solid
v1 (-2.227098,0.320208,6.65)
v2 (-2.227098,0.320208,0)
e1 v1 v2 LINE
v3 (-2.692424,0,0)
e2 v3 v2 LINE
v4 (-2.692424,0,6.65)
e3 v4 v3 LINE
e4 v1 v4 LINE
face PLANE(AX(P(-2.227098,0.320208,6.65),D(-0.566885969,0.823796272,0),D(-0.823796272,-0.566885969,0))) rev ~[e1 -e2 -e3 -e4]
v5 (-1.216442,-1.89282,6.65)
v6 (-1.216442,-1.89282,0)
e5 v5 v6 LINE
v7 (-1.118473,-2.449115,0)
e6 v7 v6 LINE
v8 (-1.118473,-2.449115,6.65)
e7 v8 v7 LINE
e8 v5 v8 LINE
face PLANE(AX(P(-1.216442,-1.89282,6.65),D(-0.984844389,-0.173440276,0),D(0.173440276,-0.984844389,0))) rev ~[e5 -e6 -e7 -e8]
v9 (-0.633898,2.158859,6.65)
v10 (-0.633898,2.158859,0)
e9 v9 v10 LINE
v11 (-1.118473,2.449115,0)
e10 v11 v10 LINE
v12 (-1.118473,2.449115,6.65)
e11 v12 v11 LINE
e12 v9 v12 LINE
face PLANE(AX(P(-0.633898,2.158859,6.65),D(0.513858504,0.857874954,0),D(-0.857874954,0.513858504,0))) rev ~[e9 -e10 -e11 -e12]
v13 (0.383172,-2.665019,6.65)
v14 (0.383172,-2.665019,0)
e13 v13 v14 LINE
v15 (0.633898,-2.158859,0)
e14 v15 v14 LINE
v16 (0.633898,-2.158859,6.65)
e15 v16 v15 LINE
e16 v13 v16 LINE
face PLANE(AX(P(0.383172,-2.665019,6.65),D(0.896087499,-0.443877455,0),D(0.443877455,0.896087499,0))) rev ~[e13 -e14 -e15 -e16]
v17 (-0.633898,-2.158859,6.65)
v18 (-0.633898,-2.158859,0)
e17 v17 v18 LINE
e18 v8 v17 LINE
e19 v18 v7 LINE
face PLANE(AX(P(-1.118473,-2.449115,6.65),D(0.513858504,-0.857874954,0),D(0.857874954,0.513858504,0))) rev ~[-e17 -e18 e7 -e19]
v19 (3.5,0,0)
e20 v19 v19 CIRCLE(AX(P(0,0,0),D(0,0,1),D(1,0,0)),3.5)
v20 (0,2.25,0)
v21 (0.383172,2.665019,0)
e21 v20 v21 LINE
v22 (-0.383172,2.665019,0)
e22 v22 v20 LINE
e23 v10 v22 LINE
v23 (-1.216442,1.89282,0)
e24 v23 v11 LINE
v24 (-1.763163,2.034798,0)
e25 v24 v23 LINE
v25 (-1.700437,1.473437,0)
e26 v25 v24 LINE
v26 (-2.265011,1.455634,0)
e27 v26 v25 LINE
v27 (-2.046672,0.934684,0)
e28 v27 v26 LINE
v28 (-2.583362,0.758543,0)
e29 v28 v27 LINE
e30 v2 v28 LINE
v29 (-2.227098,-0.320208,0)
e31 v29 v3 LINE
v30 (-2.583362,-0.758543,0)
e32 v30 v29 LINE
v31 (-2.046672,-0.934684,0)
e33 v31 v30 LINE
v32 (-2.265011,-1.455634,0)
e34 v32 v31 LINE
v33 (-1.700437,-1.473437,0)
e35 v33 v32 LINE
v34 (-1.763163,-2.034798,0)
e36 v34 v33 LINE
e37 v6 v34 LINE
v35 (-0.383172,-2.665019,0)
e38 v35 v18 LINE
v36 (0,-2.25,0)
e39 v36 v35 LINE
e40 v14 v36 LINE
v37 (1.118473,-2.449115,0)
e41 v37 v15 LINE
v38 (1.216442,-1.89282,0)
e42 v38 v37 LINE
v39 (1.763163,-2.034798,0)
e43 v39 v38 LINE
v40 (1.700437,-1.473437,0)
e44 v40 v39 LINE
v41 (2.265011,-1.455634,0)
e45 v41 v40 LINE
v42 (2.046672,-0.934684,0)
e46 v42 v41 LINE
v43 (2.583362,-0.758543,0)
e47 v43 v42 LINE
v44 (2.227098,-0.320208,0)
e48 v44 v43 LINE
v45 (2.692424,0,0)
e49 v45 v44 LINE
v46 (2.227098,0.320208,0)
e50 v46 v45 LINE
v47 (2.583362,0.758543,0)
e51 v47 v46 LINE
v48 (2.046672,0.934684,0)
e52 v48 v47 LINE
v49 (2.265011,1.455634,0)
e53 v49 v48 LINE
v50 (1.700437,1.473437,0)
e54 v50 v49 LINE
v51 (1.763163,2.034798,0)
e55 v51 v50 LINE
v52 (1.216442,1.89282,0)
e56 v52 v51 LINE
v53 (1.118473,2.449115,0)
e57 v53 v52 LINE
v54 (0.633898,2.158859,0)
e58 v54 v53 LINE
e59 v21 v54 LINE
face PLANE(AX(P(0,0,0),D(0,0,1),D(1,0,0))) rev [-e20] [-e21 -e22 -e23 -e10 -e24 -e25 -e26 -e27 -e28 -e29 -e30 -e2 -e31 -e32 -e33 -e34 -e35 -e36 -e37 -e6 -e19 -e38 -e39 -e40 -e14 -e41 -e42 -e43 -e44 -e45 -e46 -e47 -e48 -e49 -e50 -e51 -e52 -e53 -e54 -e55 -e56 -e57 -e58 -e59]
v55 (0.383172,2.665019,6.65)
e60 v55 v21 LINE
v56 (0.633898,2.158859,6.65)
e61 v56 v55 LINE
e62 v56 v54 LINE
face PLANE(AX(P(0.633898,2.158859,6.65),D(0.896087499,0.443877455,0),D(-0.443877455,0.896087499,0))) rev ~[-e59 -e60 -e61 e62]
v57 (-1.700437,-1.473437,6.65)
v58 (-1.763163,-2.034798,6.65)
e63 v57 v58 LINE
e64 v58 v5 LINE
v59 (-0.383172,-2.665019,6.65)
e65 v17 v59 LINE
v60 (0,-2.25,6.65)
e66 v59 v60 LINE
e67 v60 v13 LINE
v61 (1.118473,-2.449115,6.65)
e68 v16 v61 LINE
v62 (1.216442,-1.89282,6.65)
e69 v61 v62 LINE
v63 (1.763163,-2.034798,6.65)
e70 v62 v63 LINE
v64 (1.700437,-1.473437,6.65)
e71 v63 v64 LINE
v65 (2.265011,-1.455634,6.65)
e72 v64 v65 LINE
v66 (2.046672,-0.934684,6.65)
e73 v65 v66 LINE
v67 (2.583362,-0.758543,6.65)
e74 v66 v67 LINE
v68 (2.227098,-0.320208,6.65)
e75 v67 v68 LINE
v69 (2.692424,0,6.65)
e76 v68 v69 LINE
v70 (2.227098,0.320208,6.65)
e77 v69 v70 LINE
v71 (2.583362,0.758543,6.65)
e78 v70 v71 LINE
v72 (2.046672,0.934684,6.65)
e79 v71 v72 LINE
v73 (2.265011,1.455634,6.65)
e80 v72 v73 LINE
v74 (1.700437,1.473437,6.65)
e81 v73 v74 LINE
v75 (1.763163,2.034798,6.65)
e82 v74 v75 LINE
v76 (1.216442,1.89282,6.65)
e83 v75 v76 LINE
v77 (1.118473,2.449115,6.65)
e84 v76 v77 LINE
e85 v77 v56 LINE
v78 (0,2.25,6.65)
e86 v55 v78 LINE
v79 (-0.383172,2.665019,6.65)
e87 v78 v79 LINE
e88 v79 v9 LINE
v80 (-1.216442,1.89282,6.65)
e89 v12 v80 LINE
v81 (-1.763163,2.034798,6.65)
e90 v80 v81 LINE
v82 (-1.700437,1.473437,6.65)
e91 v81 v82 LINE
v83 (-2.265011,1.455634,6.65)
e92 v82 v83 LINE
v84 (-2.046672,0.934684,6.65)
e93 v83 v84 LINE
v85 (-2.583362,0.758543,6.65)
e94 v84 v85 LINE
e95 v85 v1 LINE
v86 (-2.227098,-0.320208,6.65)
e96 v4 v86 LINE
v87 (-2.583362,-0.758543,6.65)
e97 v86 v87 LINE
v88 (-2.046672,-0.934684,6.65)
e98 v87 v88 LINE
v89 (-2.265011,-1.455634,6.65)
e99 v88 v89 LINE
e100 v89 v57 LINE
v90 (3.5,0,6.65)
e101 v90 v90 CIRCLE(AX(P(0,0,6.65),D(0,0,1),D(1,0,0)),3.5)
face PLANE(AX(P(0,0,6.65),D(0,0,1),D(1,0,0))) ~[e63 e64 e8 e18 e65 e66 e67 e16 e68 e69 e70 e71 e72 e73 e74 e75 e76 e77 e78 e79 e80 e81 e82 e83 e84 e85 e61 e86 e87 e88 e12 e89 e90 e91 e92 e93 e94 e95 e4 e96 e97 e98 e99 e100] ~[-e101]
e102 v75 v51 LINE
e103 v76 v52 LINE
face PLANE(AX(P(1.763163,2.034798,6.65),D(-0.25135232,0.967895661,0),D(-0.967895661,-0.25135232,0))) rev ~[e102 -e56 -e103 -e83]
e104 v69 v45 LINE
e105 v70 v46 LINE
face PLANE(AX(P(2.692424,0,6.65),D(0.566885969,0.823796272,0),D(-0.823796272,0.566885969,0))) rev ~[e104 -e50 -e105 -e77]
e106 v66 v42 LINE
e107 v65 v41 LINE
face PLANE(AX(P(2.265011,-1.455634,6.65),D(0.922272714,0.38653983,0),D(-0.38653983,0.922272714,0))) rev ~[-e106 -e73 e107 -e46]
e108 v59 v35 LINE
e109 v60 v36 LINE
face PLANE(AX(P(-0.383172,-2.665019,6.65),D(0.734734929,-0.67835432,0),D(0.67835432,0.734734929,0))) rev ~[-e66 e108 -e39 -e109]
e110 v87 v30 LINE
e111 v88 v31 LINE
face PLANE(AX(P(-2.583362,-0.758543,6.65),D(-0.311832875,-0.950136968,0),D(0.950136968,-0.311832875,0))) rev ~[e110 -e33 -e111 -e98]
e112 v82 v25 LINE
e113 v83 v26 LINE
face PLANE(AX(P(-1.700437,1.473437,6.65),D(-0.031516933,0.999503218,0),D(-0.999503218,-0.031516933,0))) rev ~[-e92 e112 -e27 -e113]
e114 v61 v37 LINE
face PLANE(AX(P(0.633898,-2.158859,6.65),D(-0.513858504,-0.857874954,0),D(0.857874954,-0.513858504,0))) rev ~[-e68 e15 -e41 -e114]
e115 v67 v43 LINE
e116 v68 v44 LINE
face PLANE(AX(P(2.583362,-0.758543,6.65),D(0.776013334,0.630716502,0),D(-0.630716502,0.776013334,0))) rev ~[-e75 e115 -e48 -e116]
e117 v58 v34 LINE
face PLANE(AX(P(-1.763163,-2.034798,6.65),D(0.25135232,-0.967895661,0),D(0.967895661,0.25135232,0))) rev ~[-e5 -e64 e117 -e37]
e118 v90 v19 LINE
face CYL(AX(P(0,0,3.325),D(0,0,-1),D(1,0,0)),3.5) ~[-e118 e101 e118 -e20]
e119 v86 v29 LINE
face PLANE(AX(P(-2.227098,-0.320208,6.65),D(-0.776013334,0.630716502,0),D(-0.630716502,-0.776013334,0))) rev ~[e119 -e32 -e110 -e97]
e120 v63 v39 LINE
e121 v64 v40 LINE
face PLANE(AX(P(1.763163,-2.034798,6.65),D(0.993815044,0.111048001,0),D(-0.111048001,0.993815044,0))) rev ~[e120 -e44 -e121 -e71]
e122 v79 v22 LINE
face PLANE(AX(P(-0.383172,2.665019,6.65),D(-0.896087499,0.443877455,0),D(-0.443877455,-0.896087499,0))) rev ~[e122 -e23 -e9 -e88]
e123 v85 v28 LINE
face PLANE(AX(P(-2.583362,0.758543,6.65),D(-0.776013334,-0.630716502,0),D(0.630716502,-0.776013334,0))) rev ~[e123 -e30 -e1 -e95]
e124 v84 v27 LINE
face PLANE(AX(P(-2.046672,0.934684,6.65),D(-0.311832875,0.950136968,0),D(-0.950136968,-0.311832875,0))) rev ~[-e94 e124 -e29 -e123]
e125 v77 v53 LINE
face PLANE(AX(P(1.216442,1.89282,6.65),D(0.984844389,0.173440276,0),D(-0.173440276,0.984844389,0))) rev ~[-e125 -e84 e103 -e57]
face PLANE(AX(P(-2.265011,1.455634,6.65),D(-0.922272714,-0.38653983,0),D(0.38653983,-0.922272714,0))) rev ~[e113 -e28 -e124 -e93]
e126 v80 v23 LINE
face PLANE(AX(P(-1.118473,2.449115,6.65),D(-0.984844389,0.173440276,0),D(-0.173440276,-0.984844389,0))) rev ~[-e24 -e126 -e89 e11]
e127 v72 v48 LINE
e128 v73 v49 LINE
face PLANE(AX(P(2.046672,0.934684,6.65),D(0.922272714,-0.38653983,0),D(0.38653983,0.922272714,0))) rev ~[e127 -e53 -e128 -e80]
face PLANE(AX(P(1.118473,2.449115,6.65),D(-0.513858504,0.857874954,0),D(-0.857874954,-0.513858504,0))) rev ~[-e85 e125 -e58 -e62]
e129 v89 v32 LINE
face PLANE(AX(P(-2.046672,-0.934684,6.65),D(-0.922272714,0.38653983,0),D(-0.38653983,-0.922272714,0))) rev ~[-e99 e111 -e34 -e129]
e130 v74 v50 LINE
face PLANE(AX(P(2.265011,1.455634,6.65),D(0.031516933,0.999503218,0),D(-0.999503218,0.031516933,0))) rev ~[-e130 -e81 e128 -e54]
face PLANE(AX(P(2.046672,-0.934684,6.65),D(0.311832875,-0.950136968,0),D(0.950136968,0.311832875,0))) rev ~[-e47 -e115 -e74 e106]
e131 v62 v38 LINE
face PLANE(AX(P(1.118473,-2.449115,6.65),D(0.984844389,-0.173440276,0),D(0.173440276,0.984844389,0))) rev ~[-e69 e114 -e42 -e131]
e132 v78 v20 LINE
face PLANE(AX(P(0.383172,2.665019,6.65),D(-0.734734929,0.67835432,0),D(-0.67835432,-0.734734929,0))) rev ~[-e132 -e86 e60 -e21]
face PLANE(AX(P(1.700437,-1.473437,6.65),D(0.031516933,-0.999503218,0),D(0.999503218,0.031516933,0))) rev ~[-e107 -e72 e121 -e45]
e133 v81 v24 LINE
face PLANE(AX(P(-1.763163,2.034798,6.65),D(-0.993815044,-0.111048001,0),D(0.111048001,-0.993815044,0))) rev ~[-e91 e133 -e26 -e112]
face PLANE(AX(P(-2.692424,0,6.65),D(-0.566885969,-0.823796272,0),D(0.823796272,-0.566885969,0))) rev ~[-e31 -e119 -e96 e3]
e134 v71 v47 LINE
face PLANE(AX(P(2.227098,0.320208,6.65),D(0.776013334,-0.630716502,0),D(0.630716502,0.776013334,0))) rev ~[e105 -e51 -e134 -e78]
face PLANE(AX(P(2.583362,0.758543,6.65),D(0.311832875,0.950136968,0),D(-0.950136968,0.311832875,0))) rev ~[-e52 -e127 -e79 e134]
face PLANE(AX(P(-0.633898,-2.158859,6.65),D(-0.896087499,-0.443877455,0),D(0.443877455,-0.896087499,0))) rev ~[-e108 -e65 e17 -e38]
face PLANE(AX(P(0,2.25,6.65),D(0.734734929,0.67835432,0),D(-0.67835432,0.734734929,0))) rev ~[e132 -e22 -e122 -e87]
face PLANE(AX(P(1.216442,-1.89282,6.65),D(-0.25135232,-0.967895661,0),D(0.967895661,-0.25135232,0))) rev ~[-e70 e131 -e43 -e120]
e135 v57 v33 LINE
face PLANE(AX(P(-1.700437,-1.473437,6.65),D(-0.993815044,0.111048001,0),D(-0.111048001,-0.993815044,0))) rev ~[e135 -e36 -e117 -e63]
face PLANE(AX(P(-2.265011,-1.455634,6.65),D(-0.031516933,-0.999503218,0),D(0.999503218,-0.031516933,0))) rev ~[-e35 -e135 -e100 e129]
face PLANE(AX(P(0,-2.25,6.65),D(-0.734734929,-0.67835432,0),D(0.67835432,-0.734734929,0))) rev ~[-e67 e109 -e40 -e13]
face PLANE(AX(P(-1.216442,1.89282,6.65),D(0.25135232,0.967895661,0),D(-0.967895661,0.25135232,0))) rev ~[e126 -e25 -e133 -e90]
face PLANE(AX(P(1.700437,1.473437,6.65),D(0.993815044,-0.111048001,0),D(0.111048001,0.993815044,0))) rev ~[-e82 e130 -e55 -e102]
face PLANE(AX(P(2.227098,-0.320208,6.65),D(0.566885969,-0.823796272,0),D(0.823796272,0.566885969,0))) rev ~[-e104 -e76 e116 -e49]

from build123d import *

# Parameters (mm, degrees)
SKETCH1_W          = 3.5
SKETCH1_H          = 6.65
CUT_EXTRUDE1_DEPTH = 9
CUT_EXTRUDE3_DEPTH = 10


with BuildPart() as part:
    # Sketch1 → Revolve1 (revolve)
    with BuildSketch(Plane(origin=(0, 0, 0), x_dir=(1, 0, 0), z_dir=(0, 1, 0))):
        with Locations((1.75, -3.325)):
            Rectangle(SKETCH1_W, SKETCH1_H)
    revolve(axis=Axis((0, 0, 0), (0, 0, 1)))

    # Sketch3 → Cut-Extrude1 (cut)
    with BuildSketch(Plane.XY.offset(6.65)):
        Polygon((2.06028803, 1.324066719), (1.700436542, 1.473436651), (1.603799186, 1.850882928), (1.216441839, 1.892820449), (1.017380071, 2.227751609), (0.633898253, 2.158859191), (0.348538872, 2.424141105), (0, 2.25), (-0.348538872, 2.424141105), (-0.633898253, 2.158859191), (-1.017380071, 2.227751609), (-1.216441839, 1.892820449), (-1.603799186, 1.850882928), (-1.700436542, 1.473436651), (-2.06028803, 1.324066719), (-2.04667199, 0.934683779), (-2.34986459, 0.689982499), (-2.227098244, 0.320208386), (-2.449069097, 0), (-2.227098244, -0.320208386), (-2.34986459, -0.689982499), (-2.04667199, -0.934683779), (-2.06028803, -1.324066719), (-1.700436542, -1.473436651), (-1.603799186, -1.850882928), (-1.216441839, -1.892820449), (-1.017380071, -2.227751609), (-0.633898253, -2.158859191), (-0.348538872, -2.424141105), (0, -2.25), (0.348538872, -2.424141105), (0.633898253, -2.158859191), (1.017380071, -2.227751609), (1.216441839, -1.892820449), (1.603799186, -1.850882928), (1.700436542, -1.473436651), (2.06028803, -1.324066719), (2.04667199, -0.934683779), (2.34986459, -0.689982499), (2.227098244, -0.320208386), (2.449069097, 0), (2.227098244, 0.320208386), (2.34986459, 0.689982499), (2.04667199, 0.934683779), align=None)
    extrude(amount=-CUT_EXTRUDE1_DEPTH, mode=Mode.SUBTRACT)

    # Sketch9 → Cut-Extrude3 (cut)
    with BuildSketch(Plane.XY.offset(6.65)):
        Polygon((0, -2.25), (0.383171844, -2.665018714), (0.633898253, -2.158859191), (1.118473228, -2.449114747), (1.216441839, -1.892820449), (1.763162563, -2.034798069), (1.700436542, -1.473436651), (2.265010954, -1.455634153), (2.04667199, -0.934683779), (2.583361627, -0.758543414), (2.227098244, -0.320208386), (2.692423705, 0), (2.227098244, 0.320208386), (2.583361627, 0.758543414), (2.04667199, 0.934683779), (2.265010954, 1.455634153), (1.700436542, 1.473436651), (1.763162563, 2.034798069), (1.216441839, 1.892820449), (1.118473228, 2.449114747), (0.633898253, 2.158859191), (0.383171844, 2.665018714), (0, 2.25), (-0.383171844, 2.665018714), (-0.633898253, 2.158859191), (-1.118473228, 2.449114747), (-1.216441839, 1.892820449), (-1.763162563, 2.034798069), (-1.700436542, 1.473436651), (-2.265010954, 1.455634153), (-2.04667199, 0.934683779), (-2.583361627, 0.758543414), (-2.227098244, 0.320208386), (-2.692423705, 0), (-2.227098244, -0.320208386), (-2.583361627, -0.758543414), (-2.04667199, -0.934683779), (-2.265010954, -1.455634153), (-1.700436542, -1.473436651), (-1.763162563, -2.034798069), (-1.216441839, -1.892820449), (-1.118473228, -2.449114747), (-0.633898253, -2.158859191), (-0.383171844, -2.665018714), align=None)
    extrude(amount=-CUT_EXTRUDE3_DEPTH, mode=Mode.SUBTRACT)


solid = part.part
